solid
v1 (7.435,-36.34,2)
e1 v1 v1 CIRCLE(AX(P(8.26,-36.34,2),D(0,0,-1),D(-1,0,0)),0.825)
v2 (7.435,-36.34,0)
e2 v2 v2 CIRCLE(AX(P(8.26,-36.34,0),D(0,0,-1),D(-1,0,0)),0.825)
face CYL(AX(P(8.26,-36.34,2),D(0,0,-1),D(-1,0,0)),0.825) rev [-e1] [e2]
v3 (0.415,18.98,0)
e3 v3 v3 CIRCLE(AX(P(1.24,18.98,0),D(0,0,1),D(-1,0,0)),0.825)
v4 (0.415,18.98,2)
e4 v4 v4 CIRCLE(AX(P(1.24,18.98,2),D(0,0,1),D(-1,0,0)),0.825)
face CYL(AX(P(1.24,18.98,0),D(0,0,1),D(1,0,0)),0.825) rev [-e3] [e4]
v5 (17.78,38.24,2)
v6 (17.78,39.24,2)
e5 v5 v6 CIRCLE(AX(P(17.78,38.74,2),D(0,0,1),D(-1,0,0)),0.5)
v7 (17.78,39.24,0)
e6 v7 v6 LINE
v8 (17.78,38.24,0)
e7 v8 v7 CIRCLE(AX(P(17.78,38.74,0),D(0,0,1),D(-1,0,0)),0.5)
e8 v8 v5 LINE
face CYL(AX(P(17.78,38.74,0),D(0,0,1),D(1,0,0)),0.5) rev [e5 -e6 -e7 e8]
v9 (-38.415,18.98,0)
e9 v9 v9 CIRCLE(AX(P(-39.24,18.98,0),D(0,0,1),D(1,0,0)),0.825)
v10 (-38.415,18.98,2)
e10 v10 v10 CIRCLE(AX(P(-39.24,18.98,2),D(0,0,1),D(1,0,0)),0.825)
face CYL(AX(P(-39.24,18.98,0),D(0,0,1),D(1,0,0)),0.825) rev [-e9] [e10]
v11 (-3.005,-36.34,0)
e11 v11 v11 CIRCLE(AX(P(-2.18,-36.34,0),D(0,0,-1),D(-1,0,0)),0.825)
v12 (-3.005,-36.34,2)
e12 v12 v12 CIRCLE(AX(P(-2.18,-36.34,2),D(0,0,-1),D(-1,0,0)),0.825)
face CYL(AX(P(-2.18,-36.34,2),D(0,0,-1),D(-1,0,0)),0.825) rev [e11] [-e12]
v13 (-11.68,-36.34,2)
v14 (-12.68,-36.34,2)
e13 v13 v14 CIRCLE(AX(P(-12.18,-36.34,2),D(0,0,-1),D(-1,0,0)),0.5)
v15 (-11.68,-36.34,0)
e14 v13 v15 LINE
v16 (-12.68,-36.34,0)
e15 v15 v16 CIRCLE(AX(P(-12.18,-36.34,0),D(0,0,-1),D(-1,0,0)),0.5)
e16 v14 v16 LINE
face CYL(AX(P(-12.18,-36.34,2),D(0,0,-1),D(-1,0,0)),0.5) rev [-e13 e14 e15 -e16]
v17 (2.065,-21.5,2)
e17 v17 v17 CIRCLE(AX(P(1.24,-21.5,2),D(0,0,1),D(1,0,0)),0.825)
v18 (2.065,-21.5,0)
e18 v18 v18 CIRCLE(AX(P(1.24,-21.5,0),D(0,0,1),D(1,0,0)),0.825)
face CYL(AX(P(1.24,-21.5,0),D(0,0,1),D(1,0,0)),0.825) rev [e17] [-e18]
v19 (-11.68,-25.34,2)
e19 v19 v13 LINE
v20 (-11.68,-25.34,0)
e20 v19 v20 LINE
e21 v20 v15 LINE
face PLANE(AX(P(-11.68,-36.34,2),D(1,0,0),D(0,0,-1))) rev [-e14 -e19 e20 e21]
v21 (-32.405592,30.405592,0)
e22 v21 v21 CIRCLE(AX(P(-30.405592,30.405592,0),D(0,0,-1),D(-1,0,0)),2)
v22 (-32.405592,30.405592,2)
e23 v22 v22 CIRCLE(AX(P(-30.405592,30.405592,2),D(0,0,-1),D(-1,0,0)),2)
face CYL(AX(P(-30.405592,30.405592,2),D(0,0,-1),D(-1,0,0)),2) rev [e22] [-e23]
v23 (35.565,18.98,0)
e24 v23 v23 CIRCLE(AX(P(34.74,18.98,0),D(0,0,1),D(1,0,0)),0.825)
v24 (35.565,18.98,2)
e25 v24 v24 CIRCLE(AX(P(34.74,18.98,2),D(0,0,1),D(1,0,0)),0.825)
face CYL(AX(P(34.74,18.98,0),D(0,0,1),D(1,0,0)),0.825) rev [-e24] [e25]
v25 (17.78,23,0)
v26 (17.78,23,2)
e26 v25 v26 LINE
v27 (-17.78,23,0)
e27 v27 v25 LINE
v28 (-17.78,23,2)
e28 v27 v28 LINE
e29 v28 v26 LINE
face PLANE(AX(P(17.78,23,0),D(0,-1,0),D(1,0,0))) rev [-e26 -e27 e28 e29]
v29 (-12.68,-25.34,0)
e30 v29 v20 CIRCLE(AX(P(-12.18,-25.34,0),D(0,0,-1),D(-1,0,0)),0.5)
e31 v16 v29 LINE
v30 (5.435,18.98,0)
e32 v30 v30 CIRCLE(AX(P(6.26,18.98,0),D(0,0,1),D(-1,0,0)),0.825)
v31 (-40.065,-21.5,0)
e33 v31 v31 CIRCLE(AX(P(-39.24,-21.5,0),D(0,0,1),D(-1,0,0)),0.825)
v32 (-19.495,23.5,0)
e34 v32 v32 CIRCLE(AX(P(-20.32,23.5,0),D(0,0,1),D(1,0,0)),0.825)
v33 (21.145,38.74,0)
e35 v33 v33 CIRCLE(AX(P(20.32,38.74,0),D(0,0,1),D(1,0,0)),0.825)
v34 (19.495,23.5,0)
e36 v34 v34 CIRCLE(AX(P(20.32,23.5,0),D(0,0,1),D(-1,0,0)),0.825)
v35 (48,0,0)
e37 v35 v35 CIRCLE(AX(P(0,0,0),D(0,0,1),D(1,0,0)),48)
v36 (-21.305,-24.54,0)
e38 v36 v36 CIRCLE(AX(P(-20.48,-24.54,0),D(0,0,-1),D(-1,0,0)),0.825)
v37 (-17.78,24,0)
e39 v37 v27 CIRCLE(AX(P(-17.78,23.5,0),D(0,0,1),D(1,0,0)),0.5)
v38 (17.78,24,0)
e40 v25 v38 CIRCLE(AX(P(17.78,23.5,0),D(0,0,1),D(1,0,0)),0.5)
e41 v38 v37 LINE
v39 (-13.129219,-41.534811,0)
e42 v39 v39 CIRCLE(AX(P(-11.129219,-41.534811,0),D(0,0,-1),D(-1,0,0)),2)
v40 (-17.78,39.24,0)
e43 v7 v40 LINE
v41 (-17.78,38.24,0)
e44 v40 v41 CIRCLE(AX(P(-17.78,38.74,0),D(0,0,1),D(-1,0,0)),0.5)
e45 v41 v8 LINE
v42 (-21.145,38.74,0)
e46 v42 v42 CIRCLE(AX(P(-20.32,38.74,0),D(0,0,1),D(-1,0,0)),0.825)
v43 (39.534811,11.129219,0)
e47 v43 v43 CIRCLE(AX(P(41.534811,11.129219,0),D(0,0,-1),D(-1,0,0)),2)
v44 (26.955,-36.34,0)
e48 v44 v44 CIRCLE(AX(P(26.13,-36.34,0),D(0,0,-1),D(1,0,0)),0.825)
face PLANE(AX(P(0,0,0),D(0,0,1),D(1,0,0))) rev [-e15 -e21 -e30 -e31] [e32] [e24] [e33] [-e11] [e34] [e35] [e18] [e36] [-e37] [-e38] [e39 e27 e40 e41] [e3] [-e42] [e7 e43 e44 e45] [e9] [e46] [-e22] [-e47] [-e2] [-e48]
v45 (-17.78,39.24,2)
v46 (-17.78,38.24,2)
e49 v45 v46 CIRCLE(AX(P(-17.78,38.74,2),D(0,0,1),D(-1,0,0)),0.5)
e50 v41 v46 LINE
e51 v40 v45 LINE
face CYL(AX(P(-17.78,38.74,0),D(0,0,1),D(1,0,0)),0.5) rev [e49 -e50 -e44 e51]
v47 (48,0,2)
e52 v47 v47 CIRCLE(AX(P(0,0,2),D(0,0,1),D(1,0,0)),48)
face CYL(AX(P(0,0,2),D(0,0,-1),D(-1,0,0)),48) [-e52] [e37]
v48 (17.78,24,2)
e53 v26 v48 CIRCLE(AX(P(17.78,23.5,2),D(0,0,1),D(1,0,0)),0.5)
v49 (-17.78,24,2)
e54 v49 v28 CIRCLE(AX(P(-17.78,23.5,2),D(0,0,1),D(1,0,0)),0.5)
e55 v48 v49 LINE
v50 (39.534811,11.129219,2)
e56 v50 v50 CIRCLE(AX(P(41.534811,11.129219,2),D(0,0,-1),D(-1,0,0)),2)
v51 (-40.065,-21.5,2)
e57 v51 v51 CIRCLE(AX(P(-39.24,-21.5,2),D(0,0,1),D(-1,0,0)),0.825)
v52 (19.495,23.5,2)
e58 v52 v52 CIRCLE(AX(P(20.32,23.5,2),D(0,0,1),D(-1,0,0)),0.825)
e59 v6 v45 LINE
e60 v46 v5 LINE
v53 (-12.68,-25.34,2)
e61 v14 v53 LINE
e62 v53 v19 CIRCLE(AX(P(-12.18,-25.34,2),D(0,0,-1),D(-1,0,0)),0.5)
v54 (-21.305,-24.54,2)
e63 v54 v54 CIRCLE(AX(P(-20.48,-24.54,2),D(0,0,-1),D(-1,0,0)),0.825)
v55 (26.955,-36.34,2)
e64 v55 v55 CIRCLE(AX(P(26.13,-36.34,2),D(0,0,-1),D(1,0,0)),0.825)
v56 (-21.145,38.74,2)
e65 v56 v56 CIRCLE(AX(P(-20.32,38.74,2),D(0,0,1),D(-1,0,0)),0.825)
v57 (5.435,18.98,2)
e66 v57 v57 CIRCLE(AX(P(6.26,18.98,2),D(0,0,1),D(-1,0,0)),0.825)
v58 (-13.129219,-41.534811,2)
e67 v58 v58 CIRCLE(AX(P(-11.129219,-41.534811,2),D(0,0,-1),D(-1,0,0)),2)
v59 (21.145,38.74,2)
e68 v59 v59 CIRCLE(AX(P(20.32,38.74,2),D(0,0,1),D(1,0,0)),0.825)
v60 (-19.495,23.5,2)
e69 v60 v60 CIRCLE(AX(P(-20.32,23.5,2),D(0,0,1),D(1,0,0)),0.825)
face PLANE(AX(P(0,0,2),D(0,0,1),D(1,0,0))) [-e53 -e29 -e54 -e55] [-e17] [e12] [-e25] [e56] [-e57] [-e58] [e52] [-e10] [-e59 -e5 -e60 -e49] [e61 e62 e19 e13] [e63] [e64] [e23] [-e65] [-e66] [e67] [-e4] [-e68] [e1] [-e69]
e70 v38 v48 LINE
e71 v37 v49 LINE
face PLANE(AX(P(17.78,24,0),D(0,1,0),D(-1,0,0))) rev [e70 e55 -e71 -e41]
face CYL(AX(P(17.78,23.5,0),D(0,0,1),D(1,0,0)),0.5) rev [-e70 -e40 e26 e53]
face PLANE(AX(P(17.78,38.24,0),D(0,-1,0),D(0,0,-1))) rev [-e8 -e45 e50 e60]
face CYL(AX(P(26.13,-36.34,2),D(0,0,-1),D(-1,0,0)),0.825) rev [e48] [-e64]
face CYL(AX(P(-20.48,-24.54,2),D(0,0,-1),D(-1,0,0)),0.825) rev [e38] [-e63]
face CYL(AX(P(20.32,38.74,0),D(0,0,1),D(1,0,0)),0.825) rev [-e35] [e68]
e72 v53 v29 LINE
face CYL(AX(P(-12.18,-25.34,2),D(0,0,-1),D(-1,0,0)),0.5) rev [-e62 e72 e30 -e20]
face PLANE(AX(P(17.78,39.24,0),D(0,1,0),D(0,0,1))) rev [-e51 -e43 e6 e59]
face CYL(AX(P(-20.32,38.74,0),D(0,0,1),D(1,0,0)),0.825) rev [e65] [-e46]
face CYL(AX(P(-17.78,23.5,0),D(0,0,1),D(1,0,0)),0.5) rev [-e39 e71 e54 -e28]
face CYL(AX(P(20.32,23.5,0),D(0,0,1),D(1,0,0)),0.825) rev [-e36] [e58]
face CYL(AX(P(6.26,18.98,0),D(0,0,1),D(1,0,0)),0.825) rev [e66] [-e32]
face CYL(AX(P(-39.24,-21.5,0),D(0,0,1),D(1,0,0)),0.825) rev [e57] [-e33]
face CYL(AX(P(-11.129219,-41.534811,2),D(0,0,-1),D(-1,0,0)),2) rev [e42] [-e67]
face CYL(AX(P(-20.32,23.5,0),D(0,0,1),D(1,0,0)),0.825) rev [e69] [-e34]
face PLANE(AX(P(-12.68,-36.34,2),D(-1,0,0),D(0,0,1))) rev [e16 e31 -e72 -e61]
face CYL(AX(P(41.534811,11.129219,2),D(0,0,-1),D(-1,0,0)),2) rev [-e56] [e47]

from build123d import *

# Parameters (mm, degrees)
SKETCH1_R                    = 48
BOSS_EXTRUDE1_DEPTH          = 2
SKETCH3_R                    = 2
CUT_EXTRUDE1_DEPTH           = 68.911707385
SKETCH2_R                    = 0.825
CUT_EXTRUDE_NANO_RECTO_DEPTH = 68.911707385
SKETCH4_R                    = 0.825
CUT_EXTRUDE_VERSO_DEPTH      = 68.911707385


with BuildPart() as part:
    # Sketch1 → Boss-Extrude1 (new body)
    with BuildSketch(Plane.XY):
        Circle(SKETCH1_R)
    extrude(amount=BOSS_EXTRUDE1_DEPTH)

    # Sketch3 → Cut-Extrude1 (cut, through all)
    with BuildSketch(Plane(origin=(0, 0, 0), x_dir=(-1, 0, 0), z_dir=(0, 0, -1))):
        with Locations((30.405591591, 30.405591591)):
            Circle(SKETCH3_R)
        with Locations((11.129218939, -41.53481053)):
            Circle(SKETCH3_R)
        with Locations((-41.53481053, 11.129218939)):
            Circle(SKETCH3_R)
    extrude(amount=-CUT_EXTRUDE1_DEPTH, mode=Mode.SUBTRACT)

    # Sketch2 → Cut-Extrude-Nano+Recto (cut, through all)
    with BuildSketch(Plane.XY.offset(2)):
        with Locations((20.32, 38.74)):
            Circle(SKETCH2_R)
        with Locations(Location((20.32, 23.5, 0), (0, 0, 180))):
            Circle(SKETCH2_R)
        with Locations((-20.32, 23.5)):
            Circle(SKETCH2_R)
        with Locations(Location((-20.32, 38.74, 0), (0, 0, 180))):
            Circle(SKETCH2_R)
        with Locations((34.74, 18.98)):
            Circle(SKETCH2_R)
        with Locations(Location((6.26, 18.98, 0), (0, 0, 180))):
            Circle(SKETCH2_R)
        with Locations((-39.24, 18.98)):
            Circle(SKETCH2_R)
        with Locations(Location((1.24, 18.98, 0), (0, 0, 180))):
            Circle(SKETCH2_R)
        with Locations((1.24, -21.5)):
            Circle(SKETCH2_R)
        with Locations(Location((-39.24, -21.5, 0), (0, 0, 180))):
            Circle(SKETCH2_R)
        with BuildLine():
            Line((17.78, 23), (-17.78, 23))
            ThreePointArc((-17.78, 23), (-18.28, 23.5), (-17.78, 24))
            Line((-17.78, 24), (17.78, 24))
            ThreePointArc((17.78, 24), (18.28, 23.5), (17.78, 23))
        make_face()
        with BuildLine():
            Line((17.78, 39.24), (-17.78, 39.24))
            ThreePointArc((-17.78, 39.24), (-18.28, 38.74), (-17.78, 38.24))
            Line((-17.78, 38.24), (17.78, 38.24))
            ThreePointArc((17.78, 38.24), (18.28, 38.74), (17.78, 39.24))
        make_face()
    extrude(amount=-CUT_EXTRUDE_NANO_RECTO_DEPTH, mode=Mode.SUBTRACT)

    # Sketch4 → Cut-Extrude-Verso (cut, through all)
    with BuildSketch(Plane(origin=(0, 0, 0), x_dir=(-1, 0, 0), z_dir=(0, 0, -1))):
        with Locations((-8.26, -36.34)):
            Circle(SKETCH4_R)
        with Locations((2.18, -36.34)):
            Circle(SKETCH4_R)
        with Locations(Location((-26.13, -36.34, 0), (0, 0, 180))):
            Circle(SKETCH4_R)
        with Locations((20.48, -24.54)):
            Circle(SKETCH4_R)
        with BuildLine():
            Line((11.68, -36.34), (11.68, -25.34))
            ThreePointArc((11.68, -25.34), (12.18, -24.84), (12.68, -25.34))
            Line((12.68, -25.34), (12.68, -36.34))
            ThreePointArc((12.68, -36.34), (12.18, -36.84), (11.68, -36.34))
        make_face()
    extrude(amount=-CUT_EXTRUDE_VERSO_DEPTH, mode=Mode.SUBTRACT)


solid = part.part
